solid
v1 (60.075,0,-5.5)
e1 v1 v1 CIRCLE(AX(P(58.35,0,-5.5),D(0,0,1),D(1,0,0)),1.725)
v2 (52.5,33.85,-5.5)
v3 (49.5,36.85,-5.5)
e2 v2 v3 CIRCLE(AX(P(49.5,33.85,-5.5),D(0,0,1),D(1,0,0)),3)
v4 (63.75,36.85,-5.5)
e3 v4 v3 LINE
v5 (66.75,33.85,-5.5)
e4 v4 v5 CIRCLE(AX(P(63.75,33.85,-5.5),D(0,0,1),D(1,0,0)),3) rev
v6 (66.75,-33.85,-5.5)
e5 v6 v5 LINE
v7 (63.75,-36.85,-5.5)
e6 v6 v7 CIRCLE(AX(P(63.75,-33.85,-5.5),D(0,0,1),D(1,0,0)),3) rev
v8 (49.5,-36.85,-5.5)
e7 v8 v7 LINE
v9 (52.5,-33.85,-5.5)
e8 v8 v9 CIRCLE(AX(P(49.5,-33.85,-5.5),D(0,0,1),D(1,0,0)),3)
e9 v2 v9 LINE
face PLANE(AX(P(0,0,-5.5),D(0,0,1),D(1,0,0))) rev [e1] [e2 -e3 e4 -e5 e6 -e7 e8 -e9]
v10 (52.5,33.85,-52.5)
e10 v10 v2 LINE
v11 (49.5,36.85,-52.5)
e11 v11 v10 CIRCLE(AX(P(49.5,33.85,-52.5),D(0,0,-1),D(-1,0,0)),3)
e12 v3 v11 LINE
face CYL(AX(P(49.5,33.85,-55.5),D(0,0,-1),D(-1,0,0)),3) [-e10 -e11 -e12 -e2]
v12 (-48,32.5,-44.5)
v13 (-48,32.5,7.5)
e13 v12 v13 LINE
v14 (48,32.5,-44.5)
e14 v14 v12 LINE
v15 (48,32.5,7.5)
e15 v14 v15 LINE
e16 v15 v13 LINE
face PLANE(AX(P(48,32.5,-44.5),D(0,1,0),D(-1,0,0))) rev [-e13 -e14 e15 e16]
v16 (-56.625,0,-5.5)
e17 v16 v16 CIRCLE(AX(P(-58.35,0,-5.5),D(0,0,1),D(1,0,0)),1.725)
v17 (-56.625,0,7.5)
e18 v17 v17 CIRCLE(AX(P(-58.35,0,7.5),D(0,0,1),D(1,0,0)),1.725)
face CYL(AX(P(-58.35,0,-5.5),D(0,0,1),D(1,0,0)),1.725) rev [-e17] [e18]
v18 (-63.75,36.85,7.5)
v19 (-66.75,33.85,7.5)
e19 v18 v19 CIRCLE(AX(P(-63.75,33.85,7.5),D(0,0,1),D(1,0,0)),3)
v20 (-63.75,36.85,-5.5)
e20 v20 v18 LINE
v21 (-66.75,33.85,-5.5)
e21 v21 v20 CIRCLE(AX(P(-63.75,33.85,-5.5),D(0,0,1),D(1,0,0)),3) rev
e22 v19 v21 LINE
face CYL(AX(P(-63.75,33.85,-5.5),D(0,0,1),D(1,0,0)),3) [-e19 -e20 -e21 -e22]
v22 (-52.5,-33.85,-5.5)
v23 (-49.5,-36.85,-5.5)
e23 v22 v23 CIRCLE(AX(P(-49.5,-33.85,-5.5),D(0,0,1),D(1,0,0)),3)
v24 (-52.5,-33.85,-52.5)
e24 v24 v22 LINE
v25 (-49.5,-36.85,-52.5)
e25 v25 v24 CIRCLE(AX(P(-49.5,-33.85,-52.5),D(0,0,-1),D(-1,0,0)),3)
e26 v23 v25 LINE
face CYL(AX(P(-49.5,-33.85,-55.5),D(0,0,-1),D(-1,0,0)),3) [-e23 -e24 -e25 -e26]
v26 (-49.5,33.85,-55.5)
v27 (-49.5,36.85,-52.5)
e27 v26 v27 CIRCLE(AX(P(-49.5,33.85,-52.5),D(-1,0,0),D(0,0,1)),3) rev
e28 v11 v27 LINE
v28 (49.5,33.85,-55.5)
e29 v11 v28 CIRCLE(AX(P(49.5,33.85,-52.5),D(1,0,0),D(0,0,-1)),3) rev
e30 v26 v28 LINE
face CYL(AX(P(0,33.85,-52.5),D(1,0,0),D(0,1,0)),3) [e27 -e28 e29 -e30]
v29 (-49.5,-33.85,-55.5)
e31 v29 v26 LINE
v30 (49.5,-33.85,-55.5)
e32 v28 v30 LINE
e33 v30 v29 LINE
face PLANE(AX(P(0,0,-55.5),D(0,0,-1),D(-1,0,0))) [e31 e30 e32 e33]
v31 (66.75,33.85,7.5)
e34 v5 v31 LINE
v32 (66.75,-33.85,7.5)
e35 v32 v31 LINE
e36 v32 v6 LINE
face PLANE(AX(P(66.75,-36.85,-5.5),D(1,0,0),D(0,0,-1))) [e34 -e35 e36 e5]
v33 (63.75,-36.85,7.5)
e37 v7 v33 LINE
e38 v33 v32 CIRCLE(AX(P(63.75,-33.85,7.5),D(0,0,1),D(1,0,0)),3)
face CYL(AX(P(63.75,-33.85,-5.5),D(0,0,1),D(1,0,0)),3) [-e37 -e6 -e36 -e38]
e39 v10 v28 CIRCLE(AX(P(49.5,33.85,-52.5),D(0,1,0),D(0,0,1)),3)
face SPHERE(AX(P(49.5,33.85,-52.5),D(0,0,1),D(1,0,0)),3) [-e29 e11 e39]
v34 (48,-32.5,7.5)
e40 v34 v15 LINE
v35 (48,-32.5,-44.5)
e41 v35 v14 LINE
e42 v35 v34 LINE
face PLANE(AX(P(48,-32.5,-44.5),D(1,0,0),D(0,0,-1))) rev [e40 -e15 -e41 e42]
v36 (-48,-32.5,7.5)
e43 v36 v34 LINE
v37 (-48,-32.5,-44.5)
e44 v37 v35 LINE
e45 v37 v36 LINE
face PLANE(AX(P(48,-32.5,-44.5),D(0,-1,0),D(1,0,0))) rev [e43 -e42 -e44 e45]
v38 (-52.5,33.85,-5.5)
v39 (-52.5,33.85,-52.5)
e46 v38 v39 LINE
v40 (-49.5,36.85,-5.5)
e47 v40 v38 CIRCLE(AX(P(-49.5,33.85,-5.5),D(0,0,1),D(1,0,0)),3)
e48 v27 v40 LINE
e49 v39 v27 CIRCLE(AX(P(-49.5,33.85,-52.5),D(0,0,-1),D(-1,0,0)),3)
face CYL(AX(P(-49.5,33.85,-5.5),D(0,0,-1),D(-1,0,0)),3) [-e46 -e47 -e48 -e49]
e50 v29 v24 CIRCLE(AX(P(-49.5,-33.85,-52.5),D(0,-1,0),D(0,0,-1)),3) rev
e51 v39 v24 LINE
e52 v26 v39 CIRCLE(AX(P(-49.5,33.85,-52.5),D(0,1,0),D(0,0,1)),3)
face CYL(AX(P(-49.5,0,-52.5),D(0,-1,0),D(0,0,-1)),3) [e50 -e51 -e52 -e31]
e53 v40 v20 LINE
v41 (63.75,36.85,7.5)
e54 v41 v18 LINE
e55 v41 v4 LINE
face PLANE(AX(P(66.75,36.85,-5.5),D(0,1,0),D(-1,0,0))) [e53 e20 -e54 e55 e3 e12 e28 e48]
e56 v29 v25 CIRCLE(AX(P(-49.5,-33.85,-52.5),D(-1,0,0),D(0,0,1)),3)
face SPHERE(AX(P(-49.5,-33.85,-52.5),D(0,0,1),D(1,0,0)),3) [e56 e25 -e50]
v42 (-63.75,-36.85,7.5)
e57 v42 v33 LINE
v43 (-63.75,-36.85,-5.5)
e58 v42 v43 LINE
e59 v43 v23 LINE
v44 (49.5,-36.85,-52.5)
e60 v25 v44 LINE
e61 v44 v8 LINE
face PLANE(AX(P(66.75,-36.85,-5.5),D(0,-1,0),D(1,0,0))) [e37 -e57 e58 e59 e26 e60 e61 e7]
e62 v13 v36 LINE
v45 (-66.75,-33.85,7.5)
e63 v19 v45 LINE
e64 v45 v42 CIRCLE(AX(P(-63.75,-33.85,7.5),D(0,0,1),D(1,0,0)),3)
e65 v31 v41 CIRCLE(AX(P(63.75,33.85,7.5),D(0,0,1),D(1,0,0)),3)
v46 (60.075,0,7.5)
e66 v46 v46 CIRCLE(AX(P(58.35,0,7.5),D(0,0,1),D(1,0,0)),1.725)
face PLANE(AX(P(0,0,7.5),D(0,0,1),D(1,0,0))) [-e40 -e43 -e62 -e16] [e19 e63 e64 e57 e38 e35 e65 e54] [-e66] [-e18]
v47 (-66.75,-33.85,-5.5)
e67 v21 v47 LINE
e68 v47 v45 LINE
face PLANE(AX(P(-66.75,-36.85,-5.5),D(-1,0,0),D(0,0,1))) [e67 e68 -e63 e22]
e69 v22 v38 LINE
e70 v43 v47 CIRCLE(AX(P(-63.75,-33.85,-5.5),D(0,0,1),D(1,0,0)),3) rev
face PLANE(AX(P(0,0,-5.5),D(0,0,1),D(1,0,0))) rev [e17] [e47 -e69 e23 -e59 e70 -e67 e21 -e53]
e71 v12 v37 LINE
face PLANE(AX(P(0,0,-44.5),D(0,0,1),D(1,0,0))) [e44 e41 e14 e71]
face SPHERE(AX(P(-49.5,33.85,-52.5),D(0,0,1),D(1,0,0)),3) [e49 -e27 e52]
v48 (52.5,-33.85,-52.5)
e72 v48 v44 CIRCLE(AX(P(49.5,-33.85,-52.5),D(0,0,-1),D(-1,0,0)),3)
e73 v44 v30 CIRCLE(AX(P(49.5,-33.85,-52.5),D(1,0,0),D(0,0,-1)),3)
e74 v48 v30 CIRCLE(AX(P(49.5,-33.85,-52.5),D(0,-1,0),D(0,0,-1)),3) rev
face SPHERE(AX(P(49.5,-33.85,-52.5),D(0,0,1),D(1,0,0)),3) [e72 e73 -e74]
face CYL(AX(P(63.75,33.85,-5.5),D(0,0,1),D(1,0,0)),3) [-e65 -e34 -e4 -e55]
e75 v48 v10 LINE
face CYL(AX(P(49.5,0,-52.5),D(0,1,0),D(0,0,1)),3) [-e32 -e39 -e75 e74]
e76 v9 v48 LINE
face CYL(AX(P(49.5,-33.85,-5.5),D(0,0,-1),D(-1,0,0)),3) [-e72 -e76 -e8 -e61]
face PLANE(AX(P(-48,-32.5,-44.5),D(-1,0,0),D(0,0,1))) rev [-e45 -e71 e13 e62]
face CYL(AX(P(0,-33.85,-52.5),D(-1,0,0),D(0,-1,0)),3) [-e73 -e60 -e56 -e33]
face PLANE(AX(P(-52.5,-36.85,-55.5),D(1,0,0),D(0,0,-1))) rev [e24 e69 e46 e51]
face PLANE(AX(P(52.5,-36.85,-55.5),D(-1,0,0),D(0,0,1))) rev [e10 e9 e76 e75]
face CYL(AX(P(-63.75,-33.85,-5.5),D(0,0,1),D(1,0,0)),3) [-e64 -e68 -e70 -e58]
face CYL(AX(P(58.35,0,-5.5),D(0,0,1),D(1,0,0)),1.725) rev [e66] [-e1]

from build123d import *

# Parameters (mm, degrees)
SKETCH1_W                = 133.5
SKETCH1_H                = 73.7
SKETCH1_R                = 1.725
BOSS_EXTRUDE1_DEPTH      = 7.5
BOSS_EXTRUDE1_DEPTH_BACK = 5.5
SKETCH2_W                = 105
SKETCH2_H                = 73.7
BOSS_EXTRUDE2_DEPTH      = 50
SKETCH6_W                = 96
SKETCH6_H                = 65
CUT_EXTRUDE3_DEPTH       = 52
FILLET5_R                = 3
FILLET6_R                = 3


with BuildPart() as part:
    # Sketch1 → Boss-Extrude1 (new body, two sides)
    with BuildSketch(Plane.XY) as boss_extrude1_sk:
        Rectangle(SKETCH1_W, SKETCH1_H)
        with Locations((-58.35, 0)):
            Circle(SKETCH1_R, mode=Mode.SUBTRACT)
        with Locations((58.35, 0)):
            Circle(SKETCH1_R, mode=Mode.SUBTRACT)
    extrude(amount=BOSS_EXTRUDE1_DEPTH)
    extrude(boss_extrude1_sk.sketch, amount=-BOSS_EXTRUDE1_DEPTH_BACK)

    # Sketch2 → Boss-Extrude2 (add)
    with BuildSketch(Plane(origin=(0, 0, -5.5), x_dir=(-1, 0, 0), z_dir=(0, 0, -1))):
        Rectangle(SKETCH2_W, SKETCH2_H)
    extrude(amount=BOSS_EXTRUDE2_DEPTH)

    # Sketch6 → Cut-Extrude3 (cut)
    with BuildSketch(Plane.XY.offset(7.5)):
        Rectangle(SKETCH6_W, SKETCH6_H)
    extrude(amount=-CUT_EXTRUDE3_DEPTH, mode=Mode.SUBTRACT)

    # Fillet5
    fillet5_edges = [part.edges().sort_by_distance(p)[0] for p in [
        (-66.75, 36.85, 1),
        (66.75, 36.85, 1),
        (66.75, -36.85, 1),
        (-66.75, -36.85, 1),
    ]]
    fillet(fillet5_edges, radius=FILLET5_R)

    # Fillet6
    fillet6_edges = [part.edges().sort_by_distance(p)[0] for p in [
        (52.5, 36.85, -30.5),
        (52.5, -36.85, -30.5),
        (-52.5, -36.85, -30.5),
        (-52.5, 36.85, -30.5),
        (52.5, 0, -55.5),
        (0, -36.85, -55.5),
        (-52.5, 0, -55.5),
        (0, 36.85, -55.5),
    ]]
    fillet(fillet6_edges, radius=FILLET6_R)


solid = part.part
